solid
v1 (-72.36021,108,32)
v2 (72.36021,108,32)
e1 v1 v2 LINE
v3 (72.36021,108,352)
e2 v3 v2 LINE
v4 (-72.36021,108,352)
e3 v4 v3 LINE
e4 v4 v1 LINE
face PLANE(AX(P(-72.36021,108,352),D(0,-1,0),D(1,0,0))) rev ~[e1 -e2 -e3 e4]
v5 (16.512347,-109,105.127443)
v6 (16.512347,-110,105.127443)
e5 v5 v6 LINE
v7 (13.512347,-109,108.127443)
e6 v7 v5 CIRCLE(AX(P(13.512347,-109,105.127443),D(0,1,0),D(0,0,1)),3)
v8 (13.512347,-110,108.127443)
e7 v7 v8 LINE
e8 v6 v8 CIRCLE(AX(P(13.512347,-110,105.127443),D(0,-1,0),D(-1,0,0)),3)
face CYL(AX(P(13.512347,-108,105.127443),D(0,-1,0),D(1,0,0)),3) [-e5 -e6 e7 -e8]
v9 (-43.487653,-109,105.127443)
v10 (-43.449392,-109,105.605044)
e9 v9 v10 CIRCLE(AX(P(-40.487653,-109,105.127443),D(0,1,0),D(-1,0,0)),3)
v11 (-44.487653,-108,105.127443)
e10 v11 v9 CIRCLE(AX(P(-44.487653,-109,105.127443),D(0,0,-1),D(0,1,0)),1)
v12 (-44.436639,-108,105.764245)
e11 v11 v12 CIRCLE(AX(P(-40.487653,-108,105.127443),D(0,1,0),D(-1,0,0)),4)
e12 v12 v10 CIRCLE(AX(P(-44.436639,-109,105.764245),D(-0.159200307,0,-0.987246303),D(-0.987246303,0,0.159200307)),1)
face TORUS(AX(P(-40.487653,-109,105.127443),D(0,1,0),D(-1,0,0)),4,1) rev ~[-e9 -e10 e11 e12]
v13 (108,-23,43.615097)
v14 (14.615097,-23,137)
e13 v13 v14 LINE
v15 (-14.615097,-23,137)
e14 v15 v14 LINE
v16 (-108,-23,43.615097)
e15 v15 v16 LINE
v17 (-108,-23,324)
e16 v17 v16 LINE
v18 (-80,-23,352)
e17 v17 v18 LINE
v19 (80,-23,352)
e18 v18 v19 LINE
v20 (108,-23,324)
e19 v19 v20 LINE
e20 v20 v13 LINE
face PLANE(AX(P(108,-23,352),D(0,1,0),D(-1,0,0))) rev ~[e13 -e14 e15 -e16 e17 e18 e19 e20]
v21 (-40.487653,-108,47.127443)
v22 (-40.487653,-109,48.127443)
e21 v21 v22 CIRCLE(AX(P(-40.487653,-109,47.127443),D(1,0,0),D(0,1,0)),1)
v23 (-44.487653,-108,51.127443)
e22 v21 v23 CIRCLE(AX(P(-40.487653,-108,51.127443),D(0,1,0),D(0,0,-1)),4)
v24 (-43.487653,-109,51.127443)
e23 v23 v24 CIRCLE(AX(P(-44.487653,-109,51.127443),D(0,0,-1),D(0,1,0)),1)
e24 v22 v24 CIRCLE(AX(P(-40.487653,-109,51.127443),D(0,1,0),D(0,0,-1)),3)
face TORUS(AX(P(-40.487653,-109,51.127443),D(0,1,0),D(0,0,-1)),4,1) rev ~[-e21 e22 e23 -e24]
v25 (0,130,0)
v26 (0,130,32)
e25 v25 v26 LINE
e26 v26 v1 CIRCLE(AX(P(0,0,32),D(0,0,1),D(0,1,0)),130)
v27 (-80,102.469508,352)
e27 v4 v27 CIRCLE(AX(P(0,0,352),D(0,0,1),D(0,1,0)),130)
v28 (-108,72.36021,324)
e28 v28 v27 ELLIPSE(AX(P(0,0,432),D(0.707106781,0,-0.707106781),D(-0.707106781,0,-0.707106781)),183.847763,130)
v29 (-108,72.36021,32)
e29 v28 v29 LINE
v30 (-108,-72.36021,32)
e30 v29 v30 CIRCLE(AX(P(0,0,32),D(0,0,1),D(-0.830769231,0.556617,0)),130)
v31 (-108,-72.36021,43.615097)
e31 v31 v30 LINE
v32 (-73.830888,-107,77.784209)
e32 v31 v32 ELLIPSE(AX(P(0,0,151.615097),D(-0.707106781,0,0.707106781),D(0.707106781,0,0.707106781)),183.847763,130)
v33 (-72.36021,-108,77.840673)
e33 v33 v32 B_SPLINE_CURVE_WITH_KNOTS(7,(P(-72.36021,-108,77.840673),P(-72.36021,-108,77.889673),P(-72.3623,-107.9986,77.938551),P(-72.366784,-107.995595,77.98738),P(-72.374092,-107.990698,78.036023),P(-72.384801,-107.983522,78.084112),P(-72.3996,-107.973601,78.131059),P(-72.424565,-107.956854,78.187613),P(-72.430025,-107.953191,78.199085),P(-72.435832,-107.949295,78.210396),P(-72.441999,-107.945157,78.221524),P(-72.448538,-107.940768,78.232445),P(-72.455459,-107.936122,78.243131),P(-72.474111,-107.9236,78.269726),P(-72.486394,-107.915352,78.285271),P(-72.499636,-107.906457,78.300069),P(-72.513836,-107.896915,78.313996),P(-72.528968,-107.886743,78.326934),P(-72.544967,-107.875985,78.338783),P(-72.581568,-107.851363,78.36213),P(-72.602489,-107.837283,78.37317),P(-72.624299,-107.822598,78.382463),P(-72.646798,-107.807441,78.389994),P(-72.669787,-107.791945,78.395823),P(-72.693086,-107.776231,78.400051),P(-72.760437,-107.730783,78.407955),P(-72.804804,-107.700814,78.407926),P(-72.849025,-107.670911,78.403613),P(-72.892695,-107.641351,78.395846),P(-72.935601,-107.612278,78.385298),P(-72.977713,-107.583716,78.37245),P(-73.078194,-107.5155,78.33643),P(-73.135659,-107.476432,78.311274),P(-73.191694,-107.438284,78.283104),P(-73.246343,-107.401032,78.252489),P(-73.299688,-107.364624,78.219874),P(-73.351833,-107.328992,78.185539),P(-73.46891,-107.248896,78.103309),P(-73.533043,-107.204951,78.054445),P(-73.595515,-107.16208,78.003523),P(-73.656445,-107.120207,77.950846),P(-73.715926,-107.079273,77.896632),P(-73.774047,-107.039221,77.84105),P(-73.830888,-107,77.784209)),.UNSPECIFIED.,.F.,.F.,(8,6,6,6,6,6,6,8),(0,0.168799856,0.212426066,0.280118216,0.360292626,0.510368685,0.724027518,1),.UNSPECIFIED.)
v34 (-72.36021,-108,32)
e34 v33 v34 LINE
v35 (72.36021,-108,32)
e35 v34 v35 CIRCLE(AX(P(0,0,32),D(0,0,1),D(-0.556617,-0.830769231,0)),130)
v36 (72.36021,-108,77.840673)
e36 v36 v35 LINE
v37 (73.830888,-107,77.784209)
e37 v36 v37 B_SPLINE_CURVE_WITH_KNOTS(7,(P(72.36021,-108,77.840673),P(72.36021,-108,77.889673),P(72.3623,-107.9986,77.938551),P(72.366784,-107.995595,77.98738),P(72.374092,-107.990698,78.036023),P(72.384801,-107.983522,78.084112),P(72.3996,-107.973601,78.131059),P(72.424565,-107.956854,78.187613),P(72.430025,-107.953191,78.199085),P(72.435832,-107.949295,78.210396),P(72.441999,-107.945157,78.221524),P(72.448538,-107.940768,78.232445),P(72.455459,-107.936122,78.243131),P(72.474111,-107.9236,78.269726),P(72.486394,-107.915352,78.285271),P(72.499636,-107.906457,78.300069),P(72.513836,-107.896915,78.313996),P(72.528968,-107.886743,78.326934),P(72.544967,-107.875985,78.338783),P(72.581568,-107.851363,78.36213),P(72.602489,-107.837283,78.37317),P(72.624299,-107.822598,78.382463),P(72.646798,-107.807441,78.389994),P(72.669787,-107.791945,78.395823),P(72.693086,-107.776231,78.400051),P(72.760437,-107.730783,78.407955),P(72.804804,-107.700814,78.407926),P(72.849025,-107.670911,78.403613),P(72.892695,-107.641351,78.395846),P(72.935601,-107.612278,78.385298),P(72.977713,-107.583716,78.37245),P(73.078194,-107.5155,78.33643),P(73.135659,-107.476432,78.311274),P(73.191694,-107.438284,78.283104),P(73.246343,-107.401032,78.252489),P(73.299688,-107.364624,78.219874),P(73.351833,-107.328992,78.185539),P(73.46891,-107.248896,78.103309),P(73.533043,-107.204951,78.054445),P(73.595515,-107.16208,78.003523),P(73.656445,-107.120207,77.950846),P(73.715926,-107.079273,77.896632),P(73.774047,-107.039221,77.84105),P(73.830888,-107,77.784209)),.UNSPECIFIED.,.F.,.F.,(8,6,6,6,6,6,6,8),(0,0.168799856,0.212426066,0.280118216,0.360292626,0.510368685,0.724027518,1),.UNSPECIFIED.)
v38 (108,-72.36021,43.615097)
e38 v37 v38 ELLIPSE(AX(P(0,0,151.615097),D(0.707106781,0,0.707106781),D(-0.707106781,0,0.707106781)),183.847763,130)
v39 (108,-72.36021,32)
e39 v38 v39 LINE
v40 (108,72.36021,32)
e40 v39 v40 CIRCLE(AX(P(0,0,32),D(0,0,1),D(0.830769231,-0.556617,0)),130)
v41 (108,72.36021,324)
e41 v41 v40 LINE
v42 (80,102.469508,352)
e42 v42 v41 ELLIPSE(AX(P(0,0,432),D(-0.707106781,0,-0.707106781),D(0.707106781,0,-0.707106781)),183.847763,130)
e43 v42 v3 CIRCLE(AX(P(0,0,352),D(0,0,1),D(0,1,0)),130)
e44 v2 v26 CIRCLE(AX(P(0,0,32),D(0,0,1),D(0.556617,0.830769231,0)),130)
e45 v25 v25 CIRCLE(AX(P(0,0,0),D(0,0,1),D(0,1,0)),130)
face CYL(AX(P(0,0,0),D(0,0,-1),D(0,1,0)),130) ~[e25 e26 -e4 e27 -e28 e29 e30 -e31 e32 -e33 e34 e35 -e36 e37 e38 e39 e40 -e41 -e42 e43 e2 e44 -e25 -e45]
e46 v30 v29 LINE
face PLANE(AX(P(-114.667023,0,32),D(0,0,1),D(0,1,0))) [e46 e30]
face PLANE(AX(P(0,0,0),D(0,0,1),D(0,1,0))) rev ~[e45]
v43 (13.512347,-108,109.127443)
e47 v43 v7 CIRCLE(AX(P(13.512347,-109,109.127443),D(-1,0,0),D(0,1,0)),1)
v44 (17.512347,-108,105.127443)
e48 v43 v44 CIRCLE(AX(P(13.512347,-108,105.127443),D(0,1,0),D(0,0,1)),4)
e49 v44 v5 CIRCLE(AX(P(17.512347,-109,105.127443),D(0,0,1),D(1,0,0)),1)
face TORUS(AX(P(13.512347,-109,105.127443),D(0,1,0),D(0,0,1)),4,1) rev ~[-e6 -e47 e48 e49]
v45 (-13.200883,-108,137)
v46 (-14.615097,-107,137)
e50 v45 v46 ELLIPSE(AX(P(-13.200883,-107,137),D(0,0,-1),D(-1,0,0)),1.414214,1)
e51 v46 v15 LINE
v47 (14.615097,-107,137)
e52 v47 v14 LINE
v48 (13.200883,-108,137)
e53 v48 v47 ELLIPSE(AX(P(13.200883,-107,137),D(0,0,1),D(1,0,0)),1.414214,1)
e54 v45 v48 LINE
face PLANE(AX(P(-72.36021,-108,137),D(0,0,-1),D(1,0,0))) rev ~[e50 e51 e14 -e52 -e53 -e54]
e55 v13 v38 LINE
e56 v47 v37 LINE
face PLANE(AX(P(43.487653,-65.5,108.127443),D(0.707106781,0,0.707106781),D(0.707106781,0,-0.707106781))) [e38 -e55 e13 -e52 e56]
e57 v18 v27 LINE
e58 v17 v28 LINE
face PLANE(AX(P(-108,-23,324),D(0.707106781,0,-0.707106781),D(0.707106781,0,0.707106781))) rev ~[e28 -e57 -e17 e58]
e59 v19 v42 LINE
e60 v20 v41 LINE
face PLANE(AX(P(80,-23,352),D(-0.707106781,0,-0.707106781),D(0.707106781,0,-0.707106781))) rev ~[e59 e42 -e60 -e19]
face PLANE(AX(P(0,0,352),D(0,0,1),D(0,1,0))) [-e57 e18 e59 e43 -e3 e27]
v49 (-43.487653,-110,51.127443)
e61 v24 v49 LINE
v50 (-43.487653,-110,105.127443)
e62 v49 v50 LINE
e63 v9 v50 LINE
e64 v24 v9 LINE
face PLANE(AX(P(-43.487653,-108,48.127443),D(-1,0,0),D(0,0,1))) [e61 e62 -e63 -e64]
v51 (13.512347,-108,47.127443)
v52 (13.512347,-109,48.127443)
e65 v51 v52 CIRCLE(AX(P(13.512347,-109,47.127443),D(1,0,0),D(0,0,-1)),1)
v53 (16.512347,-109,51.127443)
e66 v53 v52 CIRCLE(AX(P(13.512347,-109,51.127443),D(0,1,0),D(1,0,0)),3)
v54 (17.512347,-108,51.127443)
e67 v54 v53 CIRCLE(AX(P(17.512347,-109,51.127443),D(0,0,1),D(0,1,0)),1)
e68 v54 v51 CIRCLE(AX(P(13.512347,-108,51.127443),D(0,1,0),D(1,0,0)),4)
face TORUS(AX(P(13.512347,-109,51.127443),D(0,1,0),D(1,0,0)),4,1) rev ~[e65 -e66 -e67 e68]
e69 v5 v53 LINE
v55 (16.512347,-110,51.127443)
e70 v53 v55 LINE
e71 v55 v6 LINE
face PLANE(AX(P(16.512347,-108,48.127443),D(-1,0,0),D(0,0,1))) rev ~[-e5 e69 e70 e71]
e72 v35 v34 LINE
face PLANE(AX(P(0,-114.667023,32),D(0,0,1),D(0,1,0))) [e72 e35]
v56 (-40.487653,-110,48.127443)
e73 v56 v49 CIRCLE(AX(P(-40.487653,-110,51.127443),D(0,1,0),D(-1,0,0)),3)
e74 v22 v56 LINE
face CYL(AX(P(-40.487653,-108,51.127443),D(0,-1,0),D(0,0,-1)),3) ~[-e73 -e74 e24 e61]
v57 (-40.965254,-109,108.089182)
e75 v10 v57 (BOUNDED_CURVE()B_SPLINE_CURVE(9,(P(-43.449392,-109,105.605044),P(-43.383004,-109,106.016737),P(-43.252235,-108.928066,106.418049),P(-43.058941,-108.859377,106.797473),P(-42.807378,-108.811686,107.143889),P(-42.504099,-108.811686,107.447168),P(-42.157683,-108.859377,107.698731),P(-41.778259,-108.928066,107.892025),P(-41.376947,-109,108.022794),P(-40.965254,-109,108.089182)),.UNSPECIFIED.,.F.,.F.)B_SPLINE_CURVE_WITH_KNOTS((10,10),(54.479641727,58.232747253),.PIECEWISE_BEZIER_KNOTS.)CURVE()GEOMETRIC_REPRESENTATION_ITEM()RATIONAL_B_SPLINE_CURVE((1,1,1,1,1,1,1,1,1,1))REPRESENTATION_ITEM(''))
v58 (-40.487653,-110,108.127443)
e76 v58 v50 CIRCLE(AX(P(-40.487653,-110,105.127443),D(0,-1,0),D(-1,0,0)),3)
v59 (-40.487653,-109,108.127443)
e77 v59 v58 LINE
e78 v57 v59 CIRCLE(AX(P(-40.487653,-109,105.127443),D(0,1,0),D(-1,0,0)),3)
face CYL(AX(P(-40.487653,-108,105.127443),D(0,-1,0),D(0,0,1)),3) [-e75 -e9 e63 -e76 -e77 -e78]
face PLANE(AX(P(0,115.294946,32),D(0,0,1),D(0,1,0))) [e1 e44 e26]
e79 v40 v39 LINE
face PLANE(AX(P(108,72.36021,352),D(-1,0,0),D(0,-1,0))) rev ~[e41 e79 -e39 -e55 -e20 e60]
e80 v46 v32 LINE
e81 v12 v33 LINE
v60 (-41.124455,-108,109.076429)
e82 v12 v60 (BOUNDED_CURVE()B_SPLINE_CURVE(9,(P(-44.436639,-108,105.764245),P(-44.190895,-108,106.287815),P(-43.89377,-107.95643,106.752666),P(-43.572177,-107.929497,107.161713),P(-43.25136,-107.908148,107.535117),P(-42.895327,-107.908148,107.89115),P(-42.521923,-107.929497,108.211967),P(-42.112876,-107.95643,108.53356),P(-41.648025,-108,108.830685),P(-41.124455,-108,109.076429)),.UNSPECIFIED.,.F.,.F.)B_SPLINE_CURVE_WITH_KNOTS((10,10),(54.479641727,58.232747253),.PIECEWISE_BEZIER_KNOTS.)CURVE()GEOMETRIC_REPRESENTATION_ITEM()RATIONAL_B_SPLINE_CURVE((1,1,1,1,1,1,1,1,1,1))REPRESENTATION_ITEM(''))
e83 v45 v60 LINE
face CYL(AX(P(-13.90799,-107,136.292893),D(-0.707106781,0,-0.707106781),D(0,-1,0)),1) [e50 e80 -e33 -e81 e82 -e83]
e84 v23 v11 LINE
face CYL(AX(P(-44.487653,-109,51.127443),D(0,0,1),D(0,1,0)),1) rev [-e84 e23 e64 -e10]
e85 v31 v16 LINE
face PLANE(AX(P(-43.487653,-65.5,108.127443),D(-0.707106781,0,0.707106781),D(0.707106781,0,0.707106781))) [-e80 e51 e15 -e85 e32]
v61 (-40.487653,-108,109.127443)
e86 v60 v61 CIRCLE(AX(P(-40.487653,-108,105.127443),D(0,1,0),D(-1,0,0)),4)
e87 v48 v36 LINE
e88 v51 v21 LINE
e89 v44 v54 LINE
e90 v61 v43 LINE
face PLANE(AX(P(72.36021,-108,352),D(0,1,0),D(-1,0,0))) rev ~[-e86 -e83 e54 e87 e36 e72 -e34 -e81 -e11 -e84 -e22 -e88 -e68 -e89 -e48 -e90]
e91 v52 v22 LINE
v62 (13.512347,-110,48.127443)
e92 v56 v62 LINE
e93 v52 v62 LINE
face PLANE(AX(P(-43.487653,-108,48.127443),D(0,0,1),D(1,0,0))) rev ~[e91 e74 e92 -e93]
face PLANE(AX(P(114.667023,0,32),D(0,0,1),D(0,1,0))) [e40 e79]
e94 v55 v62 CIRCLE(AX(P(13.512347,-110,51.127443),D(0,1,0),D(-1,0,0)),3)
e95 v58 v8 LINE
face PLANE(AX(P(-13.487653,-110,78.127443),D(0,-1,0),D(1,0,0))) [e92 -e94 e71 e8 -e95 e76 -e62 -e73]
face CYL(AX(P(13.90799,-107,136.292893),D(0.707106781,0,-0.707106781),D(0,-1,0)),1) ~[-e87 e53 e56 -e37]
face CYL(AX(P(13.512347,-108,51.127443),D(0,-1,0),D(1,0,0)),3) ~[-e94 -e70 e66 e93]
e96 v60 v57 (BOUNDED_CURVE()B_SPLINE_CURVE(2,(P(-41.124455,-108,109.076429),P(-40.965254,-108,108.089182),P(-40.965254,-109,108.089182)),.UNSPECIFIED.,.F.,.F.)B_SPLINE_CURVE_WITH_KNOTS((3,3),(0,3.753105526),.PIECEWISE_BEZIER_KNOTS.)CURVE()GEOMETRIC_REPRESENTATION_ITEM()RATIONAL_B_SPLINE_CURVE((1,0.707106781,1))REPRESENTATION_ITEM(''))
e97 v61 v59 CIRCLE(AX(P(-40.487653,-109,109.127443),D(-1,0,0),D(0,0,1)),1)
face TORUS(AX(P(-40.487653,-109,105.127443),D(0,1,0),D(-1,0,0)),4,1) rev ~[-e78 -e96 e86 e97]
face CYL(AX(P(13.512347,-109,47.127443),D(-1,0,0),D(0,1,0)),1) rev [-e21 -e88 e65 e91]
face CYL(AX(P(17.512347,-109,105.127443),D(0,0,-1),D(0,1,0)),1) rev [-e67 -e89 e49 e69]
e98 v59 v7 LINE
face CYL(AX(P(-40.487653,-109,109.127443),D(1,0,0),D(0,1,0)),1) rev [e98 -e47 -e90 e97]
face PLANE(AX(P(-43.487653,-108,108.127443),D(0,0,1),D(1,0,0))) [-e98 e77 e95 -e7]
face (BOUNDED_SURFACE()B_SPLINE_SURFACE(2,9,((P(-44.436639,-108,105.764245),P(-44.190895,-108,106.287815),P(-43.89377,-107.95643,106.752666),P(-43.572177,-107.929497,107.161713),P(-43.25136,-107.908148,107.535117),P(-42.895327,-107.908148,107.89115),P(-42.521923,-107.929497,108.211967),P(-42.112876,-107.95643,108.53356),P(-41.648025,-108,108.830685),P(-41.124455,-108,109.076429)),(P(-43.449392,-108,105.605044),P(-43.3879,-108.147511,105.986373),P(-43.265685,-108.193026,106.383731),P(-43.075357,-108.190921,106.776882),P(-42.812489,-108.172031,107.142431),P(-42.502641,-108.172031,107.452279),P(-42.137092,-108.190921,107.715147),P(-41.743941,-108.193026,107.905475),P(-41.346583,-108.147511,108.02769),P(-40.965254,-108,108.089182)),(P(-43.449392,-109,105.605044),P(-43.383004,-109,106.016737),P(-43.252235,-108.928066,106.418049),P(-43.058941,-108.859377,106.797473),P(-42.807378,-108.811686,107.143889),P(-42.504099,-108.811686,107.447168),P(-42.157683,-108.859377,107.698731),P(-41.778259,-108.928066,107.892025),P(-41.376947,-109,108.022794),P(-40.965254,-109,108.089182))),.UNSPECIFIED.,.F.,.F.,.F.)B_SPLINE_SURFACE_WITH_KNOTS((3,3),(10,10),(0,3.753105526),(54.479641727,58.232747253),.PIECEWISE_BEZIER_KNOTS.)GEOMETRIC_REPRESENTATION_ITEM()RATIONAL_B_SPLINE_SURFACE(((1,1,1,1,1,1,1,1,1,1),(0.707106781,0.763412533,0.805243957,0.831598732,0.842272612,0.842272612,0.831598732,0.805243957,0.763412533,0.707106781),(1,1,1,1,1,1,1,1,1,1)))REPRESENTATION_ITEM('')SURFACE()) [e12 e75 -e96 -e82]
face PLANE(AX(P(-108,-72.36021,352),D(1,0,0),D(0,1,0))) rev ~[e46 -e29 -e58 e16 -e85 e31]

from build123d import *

# Parameters (mm, degrees)
SKETCH3_R             = 130
BOSS_EXTRUDE1_DEPTH   = 352
CUT_EXTRUDE2_DEPTH    = 320
CUT_EXTRUDE3_DEPTH    = 320
CUT_EXTRUDE4_DEPTH    = 85
CUT_EXTRUDE5_DEPTH    = 85
CUT_EXTRUDE7_REACH    = 354
CUT_EXTRUDE8_REACH    = 354
CUT_EXTRUDE9_DEPTH    = 285
SKETCH22_W            = 60
SKETCH22_H            = 60
BOSS_EXTRUDE3_DEPTH   = 2
FILLET1_R             = 3
FILLET2_R             = 3
FILLET4_R             = 1
FILLET5_R             = 1
BODY_MOVE_COPY2_ANGLE = 90
BODY_MOVE_COPY3_ANGLE = 90
BODY_MOVE_COPY4_ANGLE = 180


with BuildPart() as part:
    # Sketch3 → Boss-Extrude1 (new body)
    with BuildSketch(Plane(origin=(0, 0, 0), x_dir=(1, 0, 0), z_dir=(0, 1, 0))):
        Circle(SKETCH3_R)
    extrude(amount=BOSS_EXTRUDE1_DEPTH)

    # Sketch11 → Cut-Extrude2 (cut)
    with BuildSketch(Plane(origin=(0, 352, 0), x_dir=(1, 0, 0), z_dir=(0, 1, 0))):
        with BuildLine():
            Line((72.360210061, -108), (0, -108))
            Line((0, -108), (-72.360210061, -108))
            ThreePointArc((-72.360210061, -108), (0, -130), (72.360210061, -108))
        make_face()
        with BuildLine():
            Line((-72.360210061, 108), (72.360210061, 108))
            ThreePointArc((72.360210061, 108), (0, 130), (-72.360210061, 108))
        make_face()
    extrude(amount=-CUT_EXTRUDE2_DEPTH, mode=Mode.SUBTRACT)

    # Sketch11<4> → Cut-Extrude3 (cut)
    with BuildSketch(Plane(origin=(0, 352, 0), x_dir=(1, 0, 0), z_dir=(0, 1, 0))):
        with BuildLine():
            ThreePointArc((-108, 72.360210061), (-130, 0), (-108, -72.360210061))
            Line((-108, -72.360210061), (-108, 72.360210061))
        make_face()
        with BuildLine():
            Line((108, 72.360210061), (108, 0))
            Line((108, 0), (108, -72.360210061))
            ThreePointArc((108, -72.360210061), (124.378454726, -37.815340802), (130, 0))
            ThreePointArc((130, 0), (124.378454726, 37.815340802), (108, 72.360210061))
        make_face()
    extrude(amount=-CUT_EXTRUDE3_DEPTH, mode=Mode.SUBTRACT)

    # Sketch12 → Cut-Extrude4 (cut)
    with BuildSketch(Plane.ZY.offset(108)):
        Polygon((-72.360210061, 137), (0, 137), (72.360210061, 137), (72.360210061, 352), (-72.360210061, 352), align=None)
    extrude(amount=-CUT_EXTRUDE4_DEPTH, mode=Mode.SUBTRACT)

    # Sketch14 → Cut-Extrude5 (cut)
    with BuildSketch(Plane.ZY.offset(108)):
        Polygon((-72.360210061, 79.254886678), (-14.615096739, 137), (-72.360210061, 137), align=None)
        Polygon((72.360210061, 137), (14.615096739, 137), (72.360210061, 79.254886678), align=None)
    extrude(amount=-CUT_EXTRUDE5_DEPTH, mode=Mode.SUBTRACT)

    # Cut-Extrude7: up to this face of the body (flat: up to its plane)
    cut_extrude7_end = Plane(part.part.faces().sort_by_distance((-65.5, 108.127443339, -43.4876534))[0])
    # Sketch15 → Cut-Extrude7 (cut, up to the picked face)
    with BuildSketch(Plane(origin=(0, 352, 0), x_dir=(1, 0, 0), z_dir=(0, 1, 0)), mode=Mode.PRIVATE) as cut_extrude7_sk1:
        with BuildLine():
            Line((-108, 72.360210061), (-23, 72.360210061))
            Line((-23, 72.360210061), (-23, 108))
            Line((-23, 108), (-72.360210061, 108))
            ThreePointArc((-72.360210061, 108), (-91.923881554, 91.923881554), (-108, 72.360210061))
        make_face()
    cut_extrude7_tool1 = split(extrude(cut_extrude7_sk1.sketch, amount=-CUT_EXTRUDE7_REACH, mode=Mode.PRIVATE), bisect_by=cut_extrude7_end, keep=Keep.BOTH, mode=Mode.PRIVATE)
    add(cut_extrude7_tool1.solids().sort_by_distance((-58.500557, 352, -88.680695))[0], mode=Mode.SUBTRACT)

    # Cut-Extrude8: up to this face of the body (flat: up to its plane)
    cut_extrude8_end = Plane(part.part.faces().sort_by_distance((-65.5, 108.127443339, 43.4876534))[0])
    # Sketch15<4> → Cut-Extrude8 (cut, up to the picked face)
    with BuildSketch(Plane(origin=(0, 352, 0), x_dir=(1, 0, 0), z_dir=(0, 1, 0)), mode=Mode.PRIVATE) as cut_extrude8_sk1:
        with BuildLine():
            Line((-23, -108), (-23, -72.360210061))
            Line((-23, -72.360210061), (-108, -72.360210061))
            ThreePointArc((-108, -72.360210061), (-91.923881554, -91.923881554), (-72.360210061, -108))
            Line((-72.360210061, -108), (-23, -108))
        make_face()
    cut_extrude8_tool1 = split(extrude(cut_extrude8_sk1.sketch, amount=-CUT_EXTRUDE8_REACH, mode=Mode.PRIVATE), bisect_by=cut_extrude8_end, keep=Keep.BOTH, mode=Mode.PRIVATE)
    add(cut_extrude8_tool1.solids().sort_by_distance((-58.500557, 352, 88.680695))[0], mode=Mode.SUBTRACT)

    # Sketch18 → Cut-Extrude9 (cut)
    with BuildSketch(Plane.ZY.offset(23)):
        Polygon((-108, 324), (-80, 352), (-108, 352), align=None)
        Polygon((108, 352), (80, 352), (108, 324), align=None)
    extrude(amount=-CUT_EXTRUDE9_DEPTH, mode=Mode.SUBTRACT)

    # Sketch22 → Boss-Extrude3 (add)
    with BuildSketch(Plane.ZY.offset(108)):
        with Locations((-13.4876534, 78.127443339)):
            Rectangle(SKETCH22_W, SKETCH22_H)
    extrude(amount=BOSS_EXTRUDE3_DEPTH)

    # Fillet1
    fillet1_edges = [part.edges().sort_by_distance(p)[0] for p in [
        (-109, 108.127443339, -43.4876534),
    ]]
    fillet(fillet1_edges, radius=FILLET1_R)

    # Fillet2
    fillet2_edges = [part.edges().sort_by_distance(p)[0] for p in [
        (-109, 48.127443339, 16.5123466),
        (-109, 108.127443339, 16.5123466),
        (-109, 48.127443339, -43.4876534),
    ]]
    fillet(fillet2_edges, radius=FILLET2_R)

    # Fillet4
    fillet4_edges = [part.edges().sort_by_distance(p)[0] for p in [
        (-108, 122.56372167, -29.051375069),
        (-108, 93.691165009, -57.92393173),
        (-108, 108.127443339, 43.4876534),
    ]]
    fillet(fillet4_edges, radius=FILLET4_R)

    # Fillet5
    fillet5_edges = [part.edges().sort_by_distance(p)[0] for p in [
        (-108, 78.127443339, -43.4876534),
        (-108, 108.127443339, -13.4876534),
        (-108, 107.248763683, -42.608973743),
        (-108, 48.127443339, -13.4876534),
        (-108, 78.127443339, 16.5123466),
        (-108, 49.006122995, -42.608973743),
        (-108, 49.006122995, 15.633666944),
        (-108, 107.248763683, 15.633666944),
    ]]
    fillet(fillet5_edges, radius=FILLET5_R)


with BuildPart() as part_1:
    # Body-Move/Copy2: moved
    add(part.part.rotate(Axis((0, 0, 0), (1, 0, 0)), BODY_MOVE_COPY2_ANGLE))


with BuildPart() as part_2:
    # Body-Move/Copy3: moved
    add(part_1.part.rotate(Axis((0, 0, 0), (0, 0, -1)), BODY_MOVE_COPY3_ANGLE))


with BuildPart() as part_3:
    # Body-Move/Copy4: moved
    add(part_2.part.rotate(Axis((0, 0, 0), (0, 0, 1)), BODY_MOVE_COPY4_ANGLE))


solid = part_3.part
